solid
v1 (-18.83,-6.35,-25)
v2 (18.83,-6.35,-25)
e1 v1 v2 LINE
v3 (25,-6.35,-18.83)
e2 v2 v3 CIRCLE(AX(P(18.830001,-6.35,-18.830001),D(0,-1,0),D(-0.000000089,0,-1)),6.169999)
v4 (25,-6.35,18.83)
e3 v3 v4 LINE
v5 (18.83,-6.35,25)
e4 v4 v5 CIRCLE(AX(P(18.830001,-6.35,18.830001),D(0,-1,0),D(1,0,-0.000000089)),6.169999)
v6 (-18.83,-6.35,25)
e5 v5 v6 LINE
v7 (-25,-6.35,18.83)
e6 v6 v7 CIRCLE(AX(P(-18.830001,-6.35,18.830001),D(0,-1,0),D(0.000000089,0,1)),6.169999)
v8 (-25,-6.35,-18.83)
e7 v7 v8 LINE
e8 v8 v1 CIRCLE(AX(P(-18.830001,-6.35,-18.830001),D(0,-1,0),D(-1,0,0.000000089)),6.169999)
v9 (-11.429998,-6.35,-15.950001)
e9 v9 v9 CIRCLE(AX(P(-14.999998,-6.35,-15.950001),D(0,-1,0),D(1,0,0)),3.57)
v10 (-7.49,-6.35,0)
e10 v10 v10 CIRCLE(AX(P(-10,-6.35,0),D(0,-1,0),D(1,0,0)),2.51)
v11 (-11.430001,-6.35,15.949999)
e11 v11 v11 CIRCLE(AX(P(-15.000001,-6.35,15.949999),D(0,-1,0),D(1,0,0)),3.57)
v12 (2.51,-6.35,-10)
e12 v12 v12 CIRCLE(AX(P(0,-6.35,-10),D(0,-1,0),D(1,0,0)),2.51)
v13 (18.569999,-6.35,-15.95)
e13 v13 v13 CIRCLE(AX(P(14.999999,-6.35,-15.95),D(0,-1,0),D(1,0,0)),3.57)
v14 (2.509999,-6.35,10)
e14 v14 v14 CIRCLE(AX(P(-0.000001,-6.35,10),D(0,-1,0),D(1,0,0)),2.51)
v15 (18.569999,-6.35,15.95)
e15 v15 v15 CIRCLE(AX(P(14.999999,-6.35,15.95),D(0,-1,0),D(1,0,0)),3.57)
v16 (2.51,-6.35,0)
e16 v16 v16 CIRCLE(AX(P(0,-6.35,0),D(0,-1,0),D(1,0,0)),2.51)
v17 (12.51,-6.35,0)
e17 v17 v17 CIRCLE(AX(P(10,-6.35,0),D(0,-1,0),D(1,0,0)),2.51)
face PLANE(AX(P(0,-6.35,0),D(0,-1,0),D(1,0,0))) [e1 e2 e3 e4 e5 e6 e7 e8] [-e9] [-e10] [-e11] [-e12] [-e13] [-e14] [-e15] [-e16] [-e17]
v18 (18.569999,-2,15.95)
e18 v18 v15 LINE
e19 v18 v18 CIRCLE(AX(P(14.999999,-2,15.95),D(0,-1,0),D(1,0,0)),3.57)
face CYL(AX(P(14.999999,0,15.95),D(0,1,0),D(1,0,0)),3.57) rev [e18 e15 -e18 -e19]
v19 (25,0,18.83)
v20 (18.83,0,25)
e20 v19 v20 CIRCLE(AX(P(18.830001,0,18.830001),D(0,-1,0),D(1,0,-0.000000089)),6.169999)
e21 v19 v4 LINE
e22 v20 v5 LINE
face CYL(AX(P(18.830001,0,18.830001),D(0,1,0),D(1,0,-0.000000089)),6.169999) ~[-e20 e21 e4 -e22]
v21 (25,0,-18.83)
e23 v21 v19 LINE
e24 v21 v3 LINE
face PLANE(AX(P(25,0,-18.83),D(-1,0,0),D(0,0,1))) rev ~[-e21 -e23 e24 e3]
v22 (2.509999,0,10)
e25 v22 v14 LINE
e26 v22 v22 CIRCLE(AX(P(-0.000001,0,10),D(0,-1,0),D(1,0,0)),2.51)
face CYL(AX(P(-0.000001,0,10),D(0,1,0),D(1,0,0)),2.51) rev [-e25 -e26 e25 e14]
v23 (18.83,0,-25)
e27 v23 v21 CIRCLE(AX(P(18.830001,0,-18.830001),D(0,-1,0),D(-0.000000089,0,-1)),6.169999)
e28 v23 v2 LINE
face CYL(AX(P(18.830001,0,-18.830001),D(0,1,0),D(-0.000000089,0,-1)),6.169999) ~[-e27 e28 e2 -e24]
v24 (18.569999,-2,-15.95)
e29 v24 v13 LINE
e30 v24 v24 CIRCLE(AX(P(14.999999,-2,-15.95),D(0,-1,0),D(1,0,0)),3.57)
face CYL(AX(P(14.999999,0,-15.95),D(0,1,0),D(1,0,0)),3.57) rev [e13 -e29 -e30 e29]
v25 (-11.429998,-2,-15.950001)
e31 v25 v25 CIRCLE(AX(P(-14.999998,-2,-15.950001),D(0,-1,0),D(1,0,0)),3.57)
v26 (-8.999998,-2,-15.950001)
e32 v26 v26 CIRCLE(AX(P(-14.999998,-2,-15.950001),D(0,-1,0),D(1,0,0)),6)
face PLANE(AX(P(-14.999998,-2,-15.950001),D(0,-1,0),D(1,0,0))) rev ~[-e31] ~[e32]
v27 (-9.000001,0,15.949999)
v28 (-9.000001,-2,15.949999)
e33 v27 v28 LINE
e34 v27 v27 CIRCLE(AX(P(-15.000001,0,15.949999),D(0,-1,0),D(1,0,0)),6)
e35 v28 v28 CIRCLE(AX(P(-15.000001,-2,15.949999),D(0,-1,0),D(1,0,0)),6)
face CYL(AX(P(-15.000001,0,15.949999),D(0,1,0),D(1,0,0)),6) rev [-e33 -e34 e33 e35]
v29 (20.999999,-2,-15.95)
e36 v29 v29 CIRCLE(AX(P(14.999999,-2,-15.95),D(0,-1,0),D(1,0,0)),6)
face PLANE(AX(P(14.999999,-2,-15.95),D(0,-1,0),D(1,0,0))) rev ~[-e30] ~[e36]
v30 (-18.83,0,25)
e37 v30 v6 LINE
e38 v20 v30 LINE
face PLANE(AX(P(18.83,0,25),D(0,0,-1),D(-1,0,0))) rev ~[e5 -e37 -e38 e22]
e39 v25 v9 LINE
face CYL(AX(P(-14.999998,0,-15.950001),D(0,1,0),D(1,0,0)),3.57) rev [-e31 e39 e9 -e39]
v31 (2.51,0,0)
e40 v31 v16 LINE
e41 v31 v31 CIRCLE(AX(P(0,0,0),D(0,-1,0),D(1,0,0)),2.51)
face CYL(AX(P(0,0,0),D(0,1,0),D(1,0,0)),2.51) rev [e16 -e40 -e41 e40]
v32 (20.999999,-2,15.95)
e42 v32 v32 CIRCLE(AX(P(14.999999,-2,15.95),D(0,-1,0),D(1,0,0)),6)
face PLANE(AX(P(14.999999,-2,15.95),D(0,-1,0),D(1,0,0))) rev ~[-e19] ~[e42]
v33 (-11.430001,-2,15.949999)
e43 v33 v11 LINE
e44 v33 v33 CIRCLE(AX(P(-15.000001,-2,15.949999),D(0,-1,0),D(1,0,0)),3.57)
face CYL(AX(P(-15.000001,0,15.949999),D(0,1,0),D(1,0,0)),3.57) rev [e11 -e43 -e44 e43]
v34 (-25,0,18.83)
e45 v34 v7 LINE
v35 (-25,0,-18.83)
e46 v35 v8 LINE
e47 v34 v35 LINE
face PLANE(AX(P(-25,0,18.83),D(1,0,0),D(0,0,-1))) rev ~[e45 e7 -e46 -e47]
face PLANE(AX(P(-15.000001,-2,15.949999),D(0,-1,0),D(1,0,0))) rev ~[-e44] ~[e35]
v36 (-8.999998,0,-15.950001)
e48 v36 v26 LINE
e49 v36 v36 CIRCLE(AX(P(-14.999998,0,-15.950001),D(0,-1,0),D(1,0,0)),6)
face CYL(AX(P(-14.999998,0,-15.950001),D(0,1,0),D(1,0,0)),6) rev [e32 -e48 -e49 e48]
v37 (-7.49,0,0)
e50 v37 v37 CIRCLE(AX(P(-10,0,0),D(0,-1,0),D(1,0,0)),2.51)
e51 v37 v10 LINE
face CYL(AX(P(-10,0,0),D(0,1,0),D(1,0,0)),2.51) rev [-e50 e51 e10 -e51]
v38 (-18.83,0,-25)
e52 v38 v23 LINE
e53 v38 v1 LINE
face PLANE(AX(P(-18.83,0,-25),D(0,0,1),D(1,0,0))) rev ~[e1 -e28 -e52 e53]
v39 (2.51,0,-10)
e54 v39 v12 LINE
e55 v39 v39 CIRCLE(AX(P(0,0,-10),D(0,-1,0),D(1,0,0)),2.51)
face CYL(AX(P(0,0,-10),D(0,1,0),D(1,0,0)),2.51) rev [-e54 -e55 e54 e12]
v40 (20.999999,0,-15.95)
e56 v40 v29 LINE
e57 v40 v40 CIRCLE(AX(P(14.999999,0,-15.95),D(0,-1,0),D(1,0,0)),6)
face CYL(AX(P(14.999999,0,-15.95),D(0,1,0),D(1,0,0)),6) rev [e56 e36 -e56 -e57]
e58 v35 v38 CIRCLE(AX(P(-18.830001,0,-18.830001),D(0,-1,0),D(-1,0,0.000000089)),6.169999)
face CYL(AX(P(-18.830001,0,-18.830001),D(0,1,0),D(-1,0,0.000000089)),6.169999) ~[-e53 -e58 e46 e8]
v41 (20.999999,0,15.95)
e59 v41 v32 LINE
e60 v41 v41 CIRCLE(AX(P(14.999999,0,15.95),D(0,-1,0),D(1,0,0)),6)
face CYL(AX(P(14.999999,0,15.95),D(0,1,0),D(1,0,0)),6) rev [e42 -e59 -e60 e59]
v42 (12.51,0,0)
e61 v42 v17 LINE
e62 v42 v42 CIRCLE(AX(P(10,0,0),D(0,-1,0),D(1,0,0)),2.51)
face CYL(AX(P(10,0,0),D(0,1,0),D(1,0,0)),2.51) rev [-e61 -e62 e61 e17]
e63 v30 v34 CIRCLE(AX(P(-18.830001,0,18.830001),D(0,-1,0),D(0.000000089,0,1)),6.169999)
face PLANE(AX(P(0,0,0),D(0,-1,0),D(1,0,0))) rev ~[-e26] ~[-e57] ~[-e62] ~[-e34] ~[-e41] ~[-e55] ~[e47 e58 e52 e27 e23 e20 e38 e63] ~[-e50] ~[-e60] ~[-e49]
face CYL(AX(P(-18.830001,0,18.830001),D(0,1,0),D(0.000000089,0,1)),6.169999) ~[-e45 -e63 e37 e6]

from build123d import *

# Parameters (mm, degrees)
F0_R     = 6
F0_R_2   = 2.51
F0_R_3   = 3.57
F1_DEPTH = 6.35
F2_DEPTH = 2


with BuildPart() as f1:
    # F0 (on Front) → F1 (new body)
    with BuildSketch(Plane.XZ):
        with BuildLine():
            Line((-18.83, -25), (18.83, -25))
            ThreePointArc((18.83, -25), (23.192849, -23.192849), (25, -18.83))
            Line((25, -18.83), (25, 18.83))
            ThreePointArc((25, 18.83), (23.192849, 23.192849), (18.83, 25))
            Line((18.83, 25), (-18.83, 25))
            ThreePointArc((-18.83, 25), (-23.192849, 23.192849), (-25, 18.83))
            Line((-25, 18.83), (-25, -18.83))
            ThreePointArc((-25, -18.83), (-23.192849, -23.192849), (-18.83, -25))
        make_face()
        with Locations((-14.999998, -15.950001)):
            Circle(F0_R, mode=Mode.SUBTRACT)
        with Locations((14.999999, -15.95)):
            Circle(F0_R, mode=Mode.SUBTRACT)
        with Locations((0, -10)):
            Circle(F0_R_2, mode=Mode.SUBTRACT)
        with Locations((-10, 0)):
            Circle(F0_R_2, mode=Mode.SUBTRACT)
        with Locations((-1e-06, 10)):
            Circle(F0_R_2, mode=Mode.SUBTRACT)
        with Locations((-15.000001, 15.949999)):
            Circle(F0_R, mode=Mode.SUBTRACT)
        Circle(F0_R_2, mode=Mode.SUBTRACT)
        with Locations((10, 0)):
            Circle(F0_R_2, mode=Mode.SUBTRACT)
        with Locations((14.999999, 15.95)):
            Circle(F0_R, mode=Mode.SUBTRACT)
        with Locations((-15.000001, 15.949999)):
            Circle(F0_R)
        with Locations((-15.000001, 15.949999)):
            Circle(F0_R_3, mode=Mode.SUBTRACT)
        with Locations((14.999999, 15.95)):
            Circle(F0_R)
        with Locations((14.999999, 15.95)):
            Circle(F0_R_3, mode=Mode.SUBTRACT)
        with Locations((14.999999, -15.95)):
            Circle(F0_R)
        with Locations((14.999999, -15.95)):
            Circle(F0_R_3, mode=Mode.SUBTRACT)
        with Locations((-14.999998, -15.950001)):
            Circle(F0_R)
        with Locations((-14.999998, -15.950001)):
            Circle(F0_R_3, mode=Mode.SUBTRACT)
    extrude(amount=F1_DEPTH)

    # F0 (on Front) → F2 (cut)
    with BuildSketch(Plane.XZ):
        with Locations((14.999999, 15.95)):
            Circle(F0_R)
        with Locations((14.999999, 15.95)):
            Circle(F0_R_3, mode=Mode.SUBTRACT)
        with Locations((-15.000001, 15.949999)):
            Circle(F0_R)
        with Locations((-15.000001, 15.949999)):
            Circle(F0_R_3, mode=Mode.SUBTRACT)
        with Locations((-14.999998, -15.950001)):
            Circle(F0_R)
        with Locations((-14.999998, -15.950001)):
            Circle(F0_R_3, mode=Mode.SUBTRACT)
        with Locations((14.999999, -15.95)):
            Circle(F0_R)
        with Locations((14.999999, -15.95)):
            Circle(F0_R_3, mode=Mode.SUBTRACT)
    extrude(amount=F2_DEPTH, mode=Mode.SUBTRACT)


solid = f1.part
